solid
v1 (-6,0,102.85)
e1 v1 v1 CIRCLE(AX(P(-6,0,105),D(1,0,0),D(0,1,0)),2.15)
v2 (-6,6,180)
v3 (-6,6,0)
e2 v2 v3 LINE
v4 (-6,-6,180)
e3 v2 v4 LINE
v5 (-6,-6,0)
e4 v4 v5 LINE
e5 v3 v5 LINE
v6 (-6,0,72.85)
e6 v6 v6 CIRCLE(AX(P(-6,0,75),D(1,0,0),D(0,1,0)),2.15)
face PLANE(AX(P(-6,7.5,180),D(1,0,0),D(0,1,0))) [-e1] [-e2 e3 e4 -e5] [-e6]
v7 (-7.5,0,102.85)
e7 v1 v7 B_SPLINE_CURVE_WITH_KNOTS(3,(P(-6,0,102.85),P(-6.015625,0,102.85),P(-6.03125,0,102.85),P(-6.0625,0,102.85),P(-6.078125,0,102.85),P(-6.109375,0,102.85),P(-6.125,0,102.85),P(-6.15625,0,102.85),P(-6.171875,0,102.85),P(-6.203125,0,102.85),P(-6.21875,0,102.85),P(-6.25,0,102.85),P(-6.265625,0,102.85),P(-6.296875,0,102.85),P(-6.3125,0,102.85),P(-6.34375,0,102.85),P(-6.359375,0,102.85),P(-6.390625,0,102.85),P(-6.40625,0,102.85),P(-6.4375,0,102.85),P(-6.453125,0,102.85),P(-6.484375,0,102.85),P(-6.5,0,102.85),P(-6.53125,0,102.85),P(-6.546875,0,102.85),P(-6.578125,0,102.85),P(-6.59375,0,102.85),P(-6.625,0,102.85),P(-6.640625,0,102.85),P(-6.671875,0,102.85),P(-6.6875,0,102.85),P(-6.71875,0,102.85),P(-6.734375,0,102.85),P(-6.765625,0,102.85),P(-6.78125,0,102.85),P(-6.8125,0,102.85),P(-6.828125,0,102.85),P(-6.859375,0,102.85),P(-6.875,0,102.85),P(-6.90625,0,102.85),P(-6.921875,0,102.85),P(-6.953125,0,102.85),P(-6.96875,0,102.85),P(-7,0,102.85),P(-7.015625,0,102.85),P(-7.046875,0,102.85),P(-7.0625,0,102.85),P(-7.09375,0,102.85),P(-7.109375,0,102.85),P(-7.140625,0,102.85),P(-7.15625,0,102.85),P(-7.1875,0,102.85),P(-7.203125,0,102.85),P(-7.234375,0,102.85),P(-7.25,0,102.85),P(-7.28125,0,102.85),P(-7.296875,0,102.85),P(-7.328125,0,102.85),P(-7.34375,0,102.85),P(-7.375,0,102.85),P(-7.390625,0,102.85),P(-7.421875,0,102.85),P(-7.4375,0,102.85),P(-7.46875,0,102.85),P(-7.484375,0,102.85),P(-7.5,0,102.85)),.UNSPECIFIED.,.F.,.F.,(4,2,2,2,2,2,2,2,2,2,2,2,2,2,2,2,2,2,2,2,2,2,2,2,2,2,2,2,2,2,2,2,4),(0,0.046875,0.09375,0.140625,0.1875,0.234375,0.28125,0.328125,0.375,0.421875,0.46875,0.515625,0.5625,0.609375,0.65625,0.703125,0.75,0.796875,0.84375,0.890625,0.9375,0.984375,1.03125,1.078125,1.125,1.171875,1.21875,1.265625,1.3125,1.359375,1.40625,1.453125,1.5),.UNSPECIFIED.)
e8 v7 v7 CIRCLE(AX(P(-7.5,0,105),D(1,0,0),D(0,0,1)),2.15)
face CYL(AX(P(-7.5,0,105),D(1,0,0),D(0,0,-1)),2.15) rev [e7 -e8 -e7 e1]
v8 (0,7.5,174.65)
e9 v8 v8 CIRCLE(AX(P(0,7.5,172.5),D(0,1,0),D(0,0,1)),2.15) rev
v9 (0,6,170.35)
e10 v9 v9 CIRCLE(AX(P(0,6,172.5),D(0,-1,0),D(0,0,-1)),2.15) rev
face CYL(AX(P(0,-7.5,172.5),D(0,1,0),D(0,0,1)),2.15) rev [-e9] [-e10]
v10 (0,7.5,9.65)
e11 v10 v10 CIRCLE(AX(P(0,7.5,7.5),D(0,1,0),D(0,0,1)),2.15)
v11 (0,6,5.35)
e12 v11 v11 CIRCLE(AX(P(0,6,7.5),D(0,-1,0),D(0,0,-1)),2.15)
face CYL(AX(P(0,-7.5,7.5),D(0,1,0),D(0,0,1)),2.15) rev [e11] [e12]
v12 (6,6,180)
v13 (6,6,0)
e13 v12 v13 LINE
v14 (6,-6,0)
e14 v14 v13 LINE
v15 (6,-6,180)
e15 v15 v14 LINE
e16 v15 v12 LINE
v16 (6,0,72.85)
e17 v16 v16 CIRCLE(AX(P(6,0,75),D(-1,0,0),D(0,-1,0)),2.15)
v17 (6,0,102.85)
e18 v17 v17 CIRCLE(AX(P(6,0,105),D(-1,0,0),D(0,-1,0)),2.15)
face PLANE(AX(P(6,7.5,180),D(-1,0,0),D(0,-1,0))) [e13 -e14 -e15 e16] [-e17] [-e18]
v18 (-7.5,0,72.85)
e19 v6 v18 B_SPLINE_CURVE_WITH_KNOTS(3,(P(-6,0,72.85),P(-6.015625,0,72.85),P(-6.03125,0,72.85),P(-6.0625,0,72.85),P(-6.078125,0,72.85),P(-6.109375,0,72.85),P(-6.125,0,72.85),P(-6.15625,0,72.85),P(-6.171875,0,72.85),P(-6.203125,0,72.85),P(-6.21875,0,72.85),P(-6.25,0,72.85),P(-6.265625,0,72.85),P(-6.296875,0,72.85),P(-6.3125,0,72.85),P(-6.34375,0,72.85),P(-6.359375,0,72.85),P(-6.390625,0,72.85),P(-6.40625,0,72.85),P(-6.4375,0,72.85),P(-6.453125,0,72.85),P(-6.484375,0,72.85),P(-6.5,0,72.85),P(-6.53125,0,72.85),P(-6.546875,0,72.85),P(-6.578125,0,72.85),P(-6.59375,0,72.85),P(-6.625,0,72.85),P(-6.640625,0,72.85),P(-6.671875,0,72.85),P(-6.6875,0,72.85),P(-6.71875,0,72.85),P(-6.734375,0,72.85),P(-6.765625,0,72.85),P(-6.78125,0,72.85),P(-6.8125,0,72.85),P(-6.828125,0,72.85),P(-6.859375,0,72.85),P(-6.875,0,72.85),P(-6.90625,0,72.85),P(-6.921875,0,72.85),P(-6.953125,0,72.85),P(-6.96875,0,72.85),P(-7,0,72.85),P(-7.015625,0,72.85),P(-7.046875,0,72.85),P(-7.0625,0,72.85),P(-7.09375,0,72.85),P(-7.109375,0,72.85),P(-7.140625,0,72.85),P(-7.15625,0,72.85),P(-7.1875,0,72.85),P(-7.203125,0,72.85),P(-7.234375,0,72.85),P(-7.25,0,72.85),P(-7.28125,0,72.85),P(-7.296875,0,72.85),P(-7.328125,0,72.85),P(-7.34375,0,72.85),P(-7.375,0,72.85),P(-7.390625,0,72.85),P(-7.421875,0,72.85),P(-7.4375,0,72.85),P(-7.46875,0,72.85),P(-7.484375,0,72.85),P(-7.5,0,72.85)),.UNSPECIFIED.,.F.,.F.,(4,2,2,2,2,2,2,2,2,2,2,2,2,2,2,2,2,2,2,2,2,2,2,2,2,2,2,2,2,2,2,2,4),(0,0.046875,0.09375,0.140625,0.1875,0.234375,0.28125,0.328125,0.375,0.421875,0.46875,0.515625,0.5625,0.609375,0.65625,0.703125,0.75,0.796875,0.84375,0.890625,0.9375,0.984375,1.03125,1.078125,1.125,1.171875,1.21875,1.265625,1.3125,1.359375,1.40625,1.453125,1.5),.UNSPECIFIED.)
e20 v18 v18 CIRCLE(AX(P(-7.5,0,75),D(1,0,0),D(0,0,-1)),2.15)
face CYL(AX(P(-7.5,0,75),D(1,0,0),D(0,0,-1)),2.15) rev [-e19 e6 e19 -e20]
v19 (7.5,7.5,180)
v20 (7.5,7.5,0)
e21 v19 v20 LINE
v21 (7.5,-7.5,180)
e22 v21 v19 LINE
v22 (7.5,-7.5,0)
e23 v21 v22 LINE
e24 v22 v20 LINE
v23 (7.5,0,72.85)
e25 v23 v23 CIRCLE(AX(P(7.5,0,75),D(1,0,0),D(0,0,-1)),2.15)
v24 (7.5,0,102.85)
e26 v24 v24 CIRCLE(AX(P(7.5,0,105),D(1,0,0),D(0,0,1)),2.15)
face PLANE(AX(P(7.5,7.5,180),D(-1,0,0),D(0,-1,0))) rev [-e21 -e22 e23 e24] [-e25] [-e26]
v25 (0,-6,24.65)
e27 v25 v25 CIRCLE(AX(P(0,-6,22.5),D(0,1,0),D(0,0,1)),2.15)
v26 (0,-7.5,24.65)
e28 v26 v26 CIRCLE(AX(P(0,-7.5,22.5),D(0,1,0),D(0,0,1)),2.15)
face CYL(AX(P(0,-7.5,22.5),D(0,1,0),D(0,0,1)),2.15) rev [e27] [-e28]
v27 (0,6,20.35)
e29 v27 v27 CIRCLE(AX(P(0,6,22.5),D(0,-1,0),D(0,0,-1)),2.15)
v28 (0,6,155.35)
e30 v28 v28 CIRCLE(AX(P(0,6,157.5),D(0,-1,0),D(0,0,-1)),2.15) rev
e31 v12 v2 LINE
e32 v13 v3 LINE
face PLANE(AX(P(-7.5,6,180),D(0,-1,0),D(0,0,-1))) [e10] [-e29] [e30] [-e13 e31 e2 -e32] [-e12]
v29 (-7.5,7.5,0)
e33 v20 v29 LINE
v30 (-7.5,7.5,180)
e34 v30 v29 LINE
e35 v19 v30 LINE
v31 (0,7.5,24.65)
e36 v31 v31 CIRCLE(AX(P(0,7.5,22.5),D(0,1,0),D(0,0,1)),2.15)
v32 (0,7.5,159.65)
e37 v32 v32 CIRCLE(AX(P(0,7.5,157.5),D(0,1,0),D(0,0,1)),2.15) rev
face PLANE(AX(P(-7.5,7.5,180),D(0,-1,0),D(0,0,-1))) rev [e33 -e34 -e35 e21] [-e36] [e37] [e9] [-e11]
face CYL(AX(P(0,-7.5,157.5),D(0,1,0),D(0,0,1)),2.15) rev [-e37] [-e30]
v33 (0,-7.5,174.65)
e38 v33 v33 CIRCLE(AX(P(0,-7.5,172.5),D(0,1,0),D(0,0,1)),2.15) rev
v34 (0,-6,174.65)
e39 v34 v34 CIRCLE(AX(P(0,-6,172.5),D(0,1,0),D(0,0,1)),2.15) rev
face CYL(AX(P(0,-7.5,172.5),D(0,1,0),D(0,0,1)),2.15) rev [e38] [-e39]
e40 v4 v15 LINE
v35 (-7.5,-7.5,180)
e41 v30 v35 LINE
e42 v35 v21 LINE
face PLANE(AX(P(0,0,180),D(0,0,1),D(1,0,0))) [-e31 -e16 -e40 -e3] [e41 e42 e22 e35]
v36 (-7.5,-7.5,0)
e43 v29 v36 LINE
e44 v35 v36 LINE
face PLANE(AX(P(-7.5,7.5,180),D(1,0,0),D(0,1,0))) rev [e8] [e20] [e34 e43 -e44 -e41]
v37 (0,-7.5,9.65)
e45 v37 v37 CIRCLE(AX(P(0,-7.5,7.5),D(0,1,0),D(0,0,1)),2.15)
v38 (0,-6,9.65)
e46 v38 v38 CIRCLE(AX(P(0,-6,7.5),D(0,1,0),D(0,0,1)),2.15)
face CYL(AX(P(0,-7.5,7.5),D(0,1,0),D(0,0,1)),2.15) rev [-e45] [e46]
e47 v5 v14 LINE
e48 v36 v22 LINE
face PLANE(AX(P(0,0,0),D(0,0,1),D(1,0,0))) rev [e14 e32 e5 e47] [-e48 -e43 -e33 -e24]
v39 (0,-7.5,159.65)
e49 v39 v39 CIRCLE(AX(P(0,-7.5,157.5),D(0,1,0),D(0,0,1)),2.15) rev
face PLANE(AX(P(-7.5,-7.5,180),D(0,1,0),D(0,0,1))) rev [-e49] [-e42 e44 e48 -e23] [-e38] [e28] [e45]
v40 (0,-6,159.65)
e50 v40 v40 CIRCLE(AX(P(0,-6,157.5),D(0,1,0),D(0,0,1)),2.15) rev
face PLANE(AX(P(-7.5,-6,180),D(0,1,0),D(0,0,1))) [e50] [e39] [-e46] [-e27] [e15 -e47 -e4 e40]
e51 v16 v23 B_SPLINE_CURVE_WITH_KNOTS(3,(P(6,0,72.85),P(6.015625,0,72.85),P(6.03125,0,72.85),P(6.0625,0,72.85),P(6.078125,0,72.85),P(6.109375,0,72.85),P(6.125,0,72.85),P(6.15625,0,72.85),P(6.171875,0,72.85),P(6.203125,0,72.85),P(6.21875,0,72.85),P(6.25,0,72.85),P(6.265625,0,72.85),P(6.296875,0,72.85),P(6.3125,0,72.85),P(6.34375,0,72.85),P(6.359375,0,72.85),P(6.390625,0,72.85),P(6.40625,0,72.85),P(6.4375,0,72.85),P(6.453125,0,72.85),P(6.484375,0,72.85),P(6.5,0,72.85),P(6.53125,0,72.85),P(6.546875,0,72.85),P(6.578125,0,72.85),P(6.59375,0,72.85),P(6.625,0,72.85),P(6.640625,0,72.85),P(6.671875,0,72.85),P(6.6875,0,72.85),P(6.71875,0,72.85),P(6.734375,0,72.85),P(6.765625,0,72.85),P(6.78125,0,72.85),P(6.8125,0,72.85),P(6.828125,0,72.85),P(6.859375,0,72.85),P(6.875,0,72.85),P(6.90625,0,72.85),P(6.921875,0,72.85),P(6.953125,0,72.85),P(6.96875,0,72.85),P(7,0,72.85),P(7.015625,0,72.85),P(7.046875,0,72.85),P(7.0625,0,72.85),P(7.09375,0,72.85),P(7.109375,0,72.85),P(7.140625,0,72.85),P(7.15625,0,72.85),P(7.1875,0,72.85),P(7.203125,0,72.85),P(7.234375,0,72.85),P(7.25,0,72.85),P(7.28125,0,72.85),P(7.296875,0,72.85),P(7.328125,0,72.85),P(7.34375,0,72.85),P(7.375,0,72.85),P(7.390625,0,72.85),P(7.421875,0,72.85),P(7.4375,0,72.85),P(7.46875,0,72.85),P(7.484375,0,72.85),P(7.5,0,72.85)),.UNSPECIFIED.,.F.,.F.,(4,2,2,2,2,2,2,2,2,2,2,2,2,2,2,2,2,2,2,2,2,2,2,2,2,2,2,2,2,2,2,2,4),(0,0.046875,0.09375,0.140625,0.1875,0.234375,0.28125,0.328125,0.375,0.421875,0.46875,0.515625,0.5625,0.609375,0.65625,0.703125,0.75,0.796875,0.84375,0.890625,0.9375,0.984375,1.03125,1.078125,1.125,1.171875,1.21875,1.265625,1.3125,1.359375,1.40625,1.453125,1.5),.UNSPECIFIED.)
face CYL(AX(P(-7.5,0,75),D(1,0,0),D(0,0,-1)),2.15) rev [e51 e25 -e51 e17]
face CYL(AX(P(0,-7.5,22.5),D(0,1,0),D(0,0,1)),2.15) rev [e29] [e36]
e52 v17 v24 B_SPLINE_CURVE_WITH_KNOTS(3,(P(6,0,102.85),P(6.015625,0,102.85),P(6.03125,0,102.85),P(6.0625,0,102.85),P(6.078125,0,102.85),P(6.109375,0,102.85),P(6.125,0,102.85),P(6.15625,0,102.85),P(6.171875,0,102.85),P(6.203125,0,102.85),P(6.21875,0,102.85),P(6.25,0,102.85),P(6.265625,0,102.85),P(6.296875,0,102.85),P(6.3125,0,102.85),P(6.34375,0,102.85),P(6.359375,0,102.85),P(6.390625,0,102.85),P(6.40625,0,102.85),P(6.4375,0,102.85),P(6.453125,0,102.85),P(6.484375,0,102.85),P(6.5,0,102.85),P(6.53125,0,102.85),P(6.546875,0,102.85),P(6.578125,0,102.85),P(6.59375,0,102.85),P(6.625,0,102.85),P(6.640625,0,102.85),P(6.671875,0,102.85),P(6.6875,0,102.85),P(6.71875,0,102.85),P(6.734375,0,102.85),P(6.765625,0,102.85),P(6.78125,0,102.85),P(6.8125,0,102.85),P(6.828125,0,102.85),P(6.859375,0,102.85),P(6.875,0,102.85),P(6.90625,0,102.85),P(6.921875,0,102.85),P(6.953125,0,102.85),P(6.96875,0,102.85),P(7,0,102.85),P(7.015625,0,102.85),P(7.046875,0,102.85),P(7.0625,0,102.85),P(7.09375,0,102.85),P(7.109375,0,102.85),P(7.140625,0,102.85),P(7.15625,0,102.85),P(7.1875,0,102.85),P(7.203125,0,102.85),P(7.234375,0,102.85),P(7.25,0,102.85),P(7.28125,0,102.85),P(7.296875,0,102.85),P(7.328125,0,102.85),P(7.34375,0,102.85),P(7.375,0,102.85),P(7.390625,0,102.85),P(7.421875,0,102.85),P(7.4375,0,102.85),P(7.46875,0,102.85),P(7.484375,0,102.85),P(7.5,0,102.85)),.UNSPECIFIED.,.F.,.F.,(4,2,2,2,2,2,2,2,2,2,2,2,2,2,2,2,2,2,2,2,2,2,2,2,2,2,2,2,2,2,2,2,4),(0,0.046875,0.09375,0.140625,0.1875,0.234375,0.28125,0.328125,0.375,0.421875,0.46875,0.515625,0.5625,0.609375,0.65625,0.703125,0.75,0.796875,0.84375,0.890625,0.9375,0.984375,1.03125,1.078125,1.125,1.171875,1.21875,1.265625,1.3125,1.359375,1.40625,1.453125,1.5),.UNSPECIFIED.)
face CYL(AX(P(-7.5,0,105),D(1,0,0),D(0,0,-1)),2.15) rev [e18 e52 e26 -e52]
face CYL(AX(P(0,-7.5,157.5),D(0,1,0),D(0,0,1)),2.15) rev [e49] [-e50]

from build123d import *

# Parameters (mm, degrees)
SKETCH_1_W          = 15
SKETCH_1_H          = 15
SKETCH_1_W_2        = 12
SKETCH_1_H_2        = 12
EXTRUDE_1_DEPTH     = 180
SKETCH_3_R          = 2.15
CUT_EXTRUDE_2_DEPTH = 181.779561898
SKETCH_4_R          = 2.15
CUT_EXTRUDE_3_DEPTH = 181.779561898


with BuildPart() as part:
    # ｽｹｯﾁ1 → 押し出し-薄板1 (new body)
    with BuildSketch(Plane.XY):
        Rectangle(SKETCH_1_W, SKETCH_1_H)
        Rectangle(SKETCH_1_W_2, SKETCH_1_H_2, mode=Mode.SUBTRACT)
    extrude(amount=EXTRUDE_1_DEPTH)

    # ｽｹｯﾁ3 → ｶｯﾄ - 押し出し2 (cut, through all)
    with BuildSketch(Plane(origin=(7.5, 0, 0), x_dir=(0, 0, -1), z_dir=(1, 0, 0))):
        with Locations((-75, 0)):
            Circle(SKETCH_3_R)
        with Locations((-105, 0)):
            Circle(SKETCH_3_R)
    extrude(amount=-CUT_EXTRUDE_2_DEPTH, mode=Mode.SUBTRACT)

    # ｽｹｯﾁ4 → ｶｯﾄ - 押し出し3 (cut, through all)
    with BuildSketch(Plane(origin=(0, 7.5, 0), x_dir=(1, 0, 0), z_dir=(0, 1, 0))):
        with Locations(Location((0, -7.5, 0), (0, 0, 270))):
            Circle(SKETCH_4_R)
        with Locations(Location((0, -22.5, 0), (0, 0, 270))):
            Circle(SKETCH_4_R)
        with Locations(Location((0, -172.5, 0), (0, 0, 270))):
            Circle(SKETCH_4_R)
        with Locations(Location((0, -157.5, 0), (0, 0, 270))):
            Circle(SKETCH_4_R)
    extrude(amount=-CUT_EXTRUDE_3_DEPTH, mode=Mode.SUBTRACT)


solid = part.part
